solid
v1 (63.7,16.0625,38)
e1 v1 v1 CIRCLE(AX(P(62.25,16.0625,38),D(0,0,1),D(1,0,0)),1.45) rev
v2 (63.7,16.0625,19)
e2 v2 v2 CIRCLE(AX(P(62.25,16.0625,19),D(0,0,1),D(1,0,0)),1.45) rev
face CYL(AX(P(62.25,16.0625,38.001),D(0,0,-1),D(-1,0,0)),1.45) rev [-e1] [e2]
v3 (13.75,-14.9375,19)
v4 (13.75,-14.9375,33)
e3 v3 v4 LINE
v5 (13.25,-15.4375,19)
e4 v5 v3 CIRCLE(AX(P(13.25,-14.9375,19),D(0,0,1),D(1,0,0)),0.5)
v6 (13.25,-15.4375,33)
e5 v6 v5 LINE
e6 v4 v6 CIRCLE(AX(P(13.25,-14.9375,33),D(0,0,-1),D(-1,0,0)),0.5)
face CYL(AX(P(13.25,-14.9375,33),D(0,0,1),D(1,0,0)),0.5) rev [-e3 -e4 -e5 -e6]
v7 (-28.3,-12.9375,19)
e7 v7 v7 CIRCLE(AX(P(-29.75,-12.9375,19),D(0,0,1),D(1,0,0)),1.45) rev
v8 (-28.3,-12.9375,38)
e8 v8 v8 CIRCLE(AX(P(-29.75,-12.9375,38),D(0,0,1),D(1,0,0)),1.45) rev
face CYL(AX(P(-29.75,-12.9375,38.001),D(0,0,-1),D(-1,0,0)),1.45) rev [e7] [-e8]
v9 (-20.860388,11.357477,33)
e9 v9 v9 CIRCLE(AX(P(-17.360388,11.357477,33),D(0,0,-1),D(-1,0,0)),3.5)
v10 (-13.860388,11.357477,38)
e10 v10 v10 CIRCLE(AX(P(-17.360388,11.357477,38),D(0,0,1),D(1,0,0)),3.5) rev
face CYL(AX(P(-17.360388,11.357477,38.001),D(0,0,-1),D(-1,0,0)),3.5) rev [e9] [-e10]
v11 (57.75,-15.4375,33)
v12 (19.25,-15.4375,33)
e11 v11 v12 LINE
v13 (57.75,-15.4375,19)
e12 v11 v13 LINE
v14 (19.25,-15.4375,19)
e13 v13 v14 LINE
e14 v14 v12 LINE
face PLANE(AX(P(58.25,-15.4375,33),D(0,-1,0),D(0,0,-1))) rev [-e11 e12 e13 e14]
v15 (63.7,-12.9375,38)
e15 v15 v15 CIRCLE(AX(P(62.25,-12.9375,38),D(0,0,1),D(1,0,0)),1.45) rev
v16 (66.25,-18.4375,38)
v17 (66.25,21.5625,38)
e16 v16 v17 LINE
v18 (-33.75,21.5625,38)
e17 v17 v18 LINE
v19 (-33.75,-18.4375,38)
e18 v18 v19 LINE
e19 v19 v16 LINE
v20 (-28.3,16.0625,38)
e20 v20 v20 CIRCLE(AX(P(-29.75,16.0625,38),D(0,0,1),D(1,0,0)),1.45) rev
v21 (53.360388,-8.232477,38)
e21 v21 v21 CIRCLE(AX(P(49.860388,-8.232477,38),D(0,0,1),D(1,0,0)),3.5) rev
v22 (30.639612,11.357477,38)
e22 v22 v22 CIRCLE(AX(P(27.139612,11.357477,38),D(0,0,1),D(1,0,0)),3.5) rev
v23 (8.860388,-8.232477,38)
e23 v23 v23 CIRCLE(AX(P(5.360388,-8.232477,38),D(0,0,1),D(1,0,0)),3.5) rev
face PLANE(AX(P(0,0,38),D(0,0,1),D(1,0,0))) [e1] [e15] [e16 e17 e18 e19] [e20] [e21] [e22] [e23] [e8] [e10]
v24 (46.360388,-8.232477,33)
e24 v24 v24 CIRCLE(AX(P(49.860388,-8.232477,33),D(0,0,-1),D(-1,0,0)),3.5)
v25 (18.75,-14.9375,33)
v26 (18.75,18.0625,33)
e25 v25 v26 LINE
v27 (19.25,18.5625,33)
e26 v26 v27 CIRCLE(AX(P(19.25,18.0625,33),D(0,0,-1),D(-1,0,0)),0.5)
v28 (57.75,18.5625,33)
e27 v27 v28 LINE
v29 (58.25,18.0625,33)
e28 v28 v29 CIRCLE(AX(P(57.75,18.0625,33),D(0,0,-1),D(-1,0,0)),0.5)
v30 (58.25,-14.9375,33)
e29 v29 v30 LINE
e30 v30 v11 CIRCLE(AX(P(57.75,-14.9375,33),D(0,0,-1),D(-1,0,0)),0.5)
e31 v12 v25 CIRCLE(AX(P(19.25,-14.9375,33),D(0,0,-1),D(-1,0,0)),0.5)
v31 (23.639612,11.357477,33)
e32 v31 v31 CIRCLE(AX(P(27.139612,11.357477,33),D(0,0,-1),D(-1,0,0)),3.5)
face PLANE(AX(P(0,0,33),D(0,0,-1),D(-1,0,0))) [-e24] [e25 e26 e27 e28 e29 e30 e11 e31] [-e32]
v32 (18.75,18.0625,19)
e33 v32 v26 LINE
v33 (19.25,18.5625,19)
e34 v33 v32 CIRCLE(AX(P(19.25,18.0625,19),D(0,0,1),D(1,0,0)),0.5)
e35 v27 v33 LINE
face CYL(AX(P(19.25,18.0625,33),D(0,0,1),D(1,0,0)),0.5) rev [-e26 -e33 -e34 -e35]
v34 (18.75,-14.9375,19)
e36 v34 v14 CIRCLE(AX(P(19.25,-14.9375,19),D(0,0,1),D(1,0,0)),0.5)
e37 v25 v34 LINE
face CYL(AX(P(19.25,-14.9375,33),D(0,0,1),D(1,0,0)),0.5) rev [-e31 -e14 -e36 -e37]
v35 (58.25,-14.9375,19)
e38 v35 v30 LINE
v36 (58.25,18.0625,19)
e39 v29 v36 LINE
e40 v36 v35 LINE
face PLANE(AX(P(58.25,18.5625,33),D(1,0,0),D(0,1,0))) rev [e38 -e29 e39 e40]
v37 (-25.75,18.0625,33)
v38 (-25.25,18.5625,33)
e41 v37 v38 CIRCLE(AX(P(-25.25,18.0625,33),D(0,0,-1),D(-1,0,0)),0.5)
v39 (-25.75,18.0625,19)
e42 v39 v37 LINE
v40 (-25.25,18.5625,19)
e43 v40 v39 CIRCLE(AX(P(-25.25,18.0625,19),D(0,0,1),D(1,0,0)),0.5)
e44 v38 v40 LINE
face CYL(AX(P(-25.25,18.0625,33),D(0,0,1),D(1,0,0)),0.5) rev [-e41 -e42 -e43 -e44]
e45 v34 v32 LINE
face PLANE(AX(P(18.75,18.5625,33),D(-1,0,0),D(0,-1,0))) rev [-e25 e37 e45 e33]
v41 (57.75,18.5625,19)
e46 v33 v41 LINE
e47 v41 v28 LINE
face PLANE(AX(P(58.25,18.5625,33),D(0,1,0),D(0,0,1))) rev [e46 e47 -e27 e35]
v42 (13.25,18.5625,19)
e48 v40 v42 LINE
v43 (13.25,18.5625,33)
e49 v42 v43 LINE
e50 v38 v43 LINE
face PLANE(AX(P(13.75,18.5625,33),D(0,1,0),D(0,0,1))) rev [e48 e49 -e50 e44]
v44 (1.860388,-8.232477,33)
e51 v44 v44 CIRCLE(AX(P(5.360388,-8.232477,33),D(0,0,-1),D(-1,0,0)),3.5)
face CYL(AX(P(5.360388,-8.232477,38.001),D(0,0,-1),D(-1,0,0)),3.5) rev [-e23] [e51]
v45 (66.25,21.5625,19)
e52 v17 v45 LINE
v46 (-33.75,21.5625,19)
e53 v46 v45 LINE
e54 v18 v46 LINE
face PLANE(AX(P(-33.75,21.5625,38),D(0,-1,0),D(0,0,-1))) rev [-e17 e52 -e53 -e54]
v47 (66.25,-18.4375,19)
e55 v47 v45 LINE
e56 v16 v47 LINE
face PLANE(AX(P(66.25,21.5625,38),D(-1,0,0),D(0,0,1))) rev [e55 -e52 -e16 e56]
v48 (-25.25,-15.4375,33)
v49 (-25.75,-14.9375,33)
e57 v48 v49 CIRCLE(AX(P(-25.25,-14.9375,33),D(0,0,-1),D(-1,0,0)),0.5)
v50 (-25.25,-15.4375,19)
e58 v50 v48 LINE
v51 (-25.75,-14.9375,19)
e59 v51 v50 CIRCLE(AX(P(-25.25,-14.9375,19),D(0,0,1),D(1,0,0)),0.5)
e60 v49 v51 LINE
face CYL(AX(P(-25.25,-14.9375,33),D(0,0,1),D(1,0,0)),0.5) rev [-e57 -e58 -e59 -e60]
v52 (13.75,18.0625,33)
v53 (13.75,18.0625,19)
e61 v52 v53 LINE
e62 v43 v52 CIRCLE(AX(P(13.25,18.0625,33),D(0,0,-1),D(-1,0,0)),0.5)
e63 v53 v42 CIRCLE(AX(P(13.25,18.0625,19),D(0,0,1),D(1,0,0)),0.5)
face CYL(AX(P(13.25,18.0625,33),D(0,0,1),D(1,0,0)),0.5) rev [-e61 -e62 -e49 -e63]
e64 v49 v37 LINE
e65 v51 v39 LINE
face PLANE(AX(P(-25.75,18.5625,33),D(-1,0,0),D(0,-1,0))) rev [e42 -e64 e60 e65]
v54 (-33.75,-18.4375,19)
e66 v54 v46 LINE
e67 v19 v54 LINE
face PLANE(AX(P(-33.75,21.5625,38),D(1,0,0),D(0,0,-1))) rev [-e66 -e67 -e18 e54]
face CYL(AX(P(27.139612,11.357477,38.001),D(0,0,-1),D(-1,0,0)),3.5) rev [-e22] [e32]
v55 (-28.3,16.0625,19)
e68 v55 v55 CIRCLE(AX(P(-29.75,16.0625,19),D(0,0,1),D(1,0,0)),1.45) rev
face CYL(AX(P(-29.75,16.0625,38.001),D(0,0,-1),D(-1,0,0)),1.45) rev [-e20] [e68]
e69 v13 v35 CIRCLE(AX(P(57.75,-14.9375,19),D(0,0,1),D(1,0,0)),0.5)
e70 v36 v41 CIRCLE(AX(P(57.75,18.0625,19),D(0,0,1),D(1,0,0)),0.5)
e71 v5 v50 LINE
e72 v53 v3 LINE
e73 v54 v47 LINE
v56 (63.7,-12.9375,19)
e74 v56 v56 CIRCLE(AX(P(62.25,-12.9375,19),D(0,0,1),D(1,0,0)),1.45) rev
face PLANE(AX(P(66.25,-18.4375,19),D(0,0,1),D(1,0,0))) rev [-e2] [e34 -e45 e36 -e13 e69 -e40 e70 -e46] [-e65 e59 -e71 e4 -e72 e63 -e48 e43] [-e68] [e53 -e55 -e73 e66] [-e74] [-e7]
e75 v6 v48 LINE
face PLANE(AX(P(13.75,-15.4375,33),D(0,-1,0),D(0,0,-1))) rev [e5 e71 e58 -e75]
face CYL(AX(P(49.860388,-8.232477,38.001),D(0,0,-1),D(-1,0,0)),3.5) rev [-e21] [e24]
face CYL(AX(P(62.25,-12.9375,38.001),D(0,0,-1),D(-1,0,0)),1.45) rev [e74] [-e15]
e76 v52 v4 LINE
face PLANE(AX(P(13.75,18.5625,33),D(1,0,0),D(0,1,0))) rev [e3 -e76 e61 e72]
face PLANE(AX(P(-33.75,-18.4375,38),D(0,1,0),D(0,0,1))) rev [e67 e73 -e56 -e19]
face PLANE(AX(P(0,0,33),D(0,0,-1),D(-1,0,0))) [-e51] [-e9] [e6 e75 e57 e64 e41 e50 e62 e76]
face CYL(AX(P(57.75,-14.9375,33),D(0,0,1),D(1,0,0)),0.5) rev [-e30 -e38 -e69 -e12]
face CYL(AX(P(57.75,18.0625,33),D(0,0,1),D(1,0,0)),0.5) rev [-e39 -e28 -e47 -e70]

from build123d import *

# Parameters (mm, degrees)
SKETCH1_W           = 100
SKETCH1_H           = 40
BOSS_EXTRUDE1_DEPTH = 38
CUT_EXTRUDE2_START  = -12
SKETCH2_W           = 39.5
SKETCH2_H           = 34
CUT_EXTRUDE2_DEPTH  = 21
CUT_EXTRUDE3_DEPTH  = 9
CUT_EXTRUDE4_REACH  = 81.36
SKETCH4_R           = 1.45
SKETCH5_W           = 100
SKETCH5_H           = 19
CUT_EXTRUDE5_DEPTH  = 87.215210375
FILLET1_R           = 0.5
CUT_EXTRUDE11_REACH = 73.063
SKETCH10_R          = 3.5


with BuildPart() as part:
    # Sketch1 → Boss-Extrude1 (new body)
    with BuildSketch(Plane.XY):
        with Locations((16.25, 1.5625)):
            Rectangle(SKETCH1_W, SKETCH1_H)
    extrude(amount=BOSS_EXTRUDE1_DEPTH)

    # Sketch2 → Cut-Extrude2 (cut)
    with BuildSketch(Plane(origin=(0, 0, 0), x_dir=(-1, 0, 0), z_dir=(0, 0, -1)).offset(CUT_EXTRUDE2_START)):
        with Locations((-38.5, 1.5625)):
            Rectangle(SKETCH2_W, SKETCH2_H)
        with Locations((6, 1.5625)):
            Rectangle(SKETCH2_W, SKETCH2_H)
    extrude(amount=-CUT_EXTRUDE2_DEPTH, mode=Mode.SUBTRACT)

    # Sketch3 → Cut-Extrude3 (cut)
    with BuildSketch(Plane(origin=(-3.362318072, 0, 0), x_dir=(-1, 0, 0), z_dir=(0, 0, -1))):
        with BuildLine():
            ThreePointArc((-61.593370612, 1.614325749), (-20.676836723, -17.421621422), (21.715969185, -1.949710178))
            ThreePointArc((21.715969185, -1.949710178), (22.204299442, 9.465009595), (10.78957967, 9.953339852))
            ThreePointArc((10.78957967, 9.953339852), (-19.986233449, -1.278769909), (-49.690320582, 12.540715264))
            ThreePointArc((-49.690320582, 12.540715264), (-61.105040355, 13.029045522), (-61.593370612, 1.614325749))
        make_face()
    extrude(amount=-CUT_EXTRUDE3_DEPTH, mode=Mode.SUBTRACT)

    # Sketch4 → Cut-Extrude4 (cut, up to next)
    with BuildSketch(Plane(origin=(0, 0, 0), x_dir=(-1, 0, 0), z_dir=(0, 0, -1)), mode=Mode.PRIVATE) as cut_extrude4_sk1:
        with Locations((-62.25, 16.0625)):
            Circle(SKETCH4_R)
    cut_extrude4_tool1 = extrude(cut_extrude4_sk1.sketch, amount=-CUT_EXTRUDE4_REACH, mode=Mode.PRIVATE) & part.part
    # Sketch4 → Cut-Extrude4 (cut, up to next)
    with BuildSketch(Plane(origin=(0, 0, 0), x_dir=(-1, 0, 0), z_dir=(0, 0, -1)), mode=Mode.PRIVATE) as cut_extrude4_sk2:
        with Locations((-62.25, -12.9375)):
            Circle(SKETCH4_R)
    cut_extrude4_tool2 = extrude(cut_extrude4_sk2.sketch, amount=-CUT_EXTRUDE4_REACH, mode=Mode.PRIVATE) & part.part
    # Sketch4 → Cut-Extrude4 (cut, up to next)
    with BuildSketch(Plane(origin=(0, 0, 0), x_dir=(-1, 0, 0), z_dir=(0, 0, -1)), mode=Mode.PRIVATE) as cut_extrude4_sk3:
        with Locations((29.75, 16.0625)):
            Circle(SKETCH4_R)
    cut_extrude4_tool3 = extrude(cut_extrude4_sk3.sketch, amount=-CUT_EXTRUDE4_REACH, mode=Mode.PRIVATE) & part.part
    # Sketch4 → Cut-Extrude4 (cut, up to next)
    with BuildSketch(Plane(origin=(0, 0, 0), x_dir=(-1, 0, 0), z_dir=(0, 0, -1)), mode=Mode.PRIVATE) as cut_extrude4_sk4:
        with Locations((29.75, -12.9375)):
            Circle(SKETCH4_R)
    cut_extrude4_tool4 = extrude(cut_extrude4_sk4.sketch, amount=-CUT_EXTRUDE4_REACH, mode=Mode.PRIVATE) & part.part
    add(cut_extrude4_tool1.solids().sort_by_distance((62.25, 16.0625, 0))[0], mode=Mode.SUBTRACT)
    add(cut_extrude4_tool2.solids().sort_by_distance((62.25, -12.9375, 0))[0], mode=Mode.SUBTRACT)
    add(cut_extrude4_tool3.solids().sort_by_distance((-29.75, 16.0625, 0))[0], mode=Mode.SUBTRACT)
    add(cut_extrude4_tool4.solids().sort_by_distance((-29.75, -12.9375, 0))[0], mode=Mode.SUBTRACT)

    # Sketch5 → Cut-Extrude5 (cut, through all)
    with BuildSketch(Plane(origin=(0, 21.5625, 0), x_dir=(1, 0, 0), z_dir=(0, 1, 0))):
        with Locations((16.25, -9.5)):
            Rectangle(SKETCH5_W, SKETCH5_H)
    extrude(amount=-CUT_EXTRUDE5_DEPTH, mode=Mode.SUBTRACT)

    # Fillet1
    fillet1_edges = [part.edges().sort_by_distance(p)[0] for p in [
        (58.25, 18.5625, 26),
        (18.75, 18.5625, 26),
        (18.75, -15.4375, 26),
        (58.25, -15.4375, 26),
        (13.75, 18.5625, 26),
        (-25.75, 18.5625, 26),
        (-25.75, -15.4375, 26),
        (13.75, -15.4375, 26),
    ]]
    fillet(fillet1_edges, radius=FILLET1_R)

    # Sketch10 → Cut-Extrude11 (cut, up to next)
    with BuildSketch(Plane(origin=(0, 0, 33), x_dir=(-1, 0, 0), z_dir=(0, 0, -1)), mode=Mode.PRIVATE) as cut_extrude11_sk1:
        with Locations((-49.860388068, -8.232477434)):
            Circle(SKETCH10_R)
    cut_extrude11_tool1 = extrude(cut_extrude11_sk1.sketch, amount=-CUT_EXTRUDE11_REACH, mode=Mode.PRIVATE) & part.part
    # Sketch10 → Cut-Extrude11 (cut, up to next)
    with BuildSketch(Plane(origin=(0, 0, 33), x_dir=(-1, 0, 0), z_dir=(0, 0, -1)), mode=Mode.PRIVATE) as cut_extrude11_sk2:
        with Locations((-27.139611932, 11.357477434)):
            Circle(SKETCH10_R)
    cut_extrude11_tool2 = extrude(cut_extrude11_sk2.sketch, amount=-CUT_EXTRUDE11_REACH, mode=Mode.PRIVATE) & part.part
    # Sketch10 → Cut-Extrude11 (cut, up to next)
    with BuildSketch(Plane(origin=(0, 0, 33), x_dir=(-1, 0, 0), z_dir=(0, 0, -1)), mode=Mode.PRIVATE) as cut_extrude11_sk3:
        with Locations((-5.360388068, -8.232477434)):
            Circle(SKETCH10_R)
    cut_extrude11_tool3 = extrude(cut_extrude11_sk3.sketch, amount=-CUT_EXTRUDE11_REACH, mode=Mode.PRIVATE) & part.part
    # Sketch10 → Cut-Extrude11 (cut, up to next)
    with BuildSketch(Plane(origin=(0, 0, 33), x_dir=(-1, 0, 0), z_dir=(0, 0, -1)), mode=Mode.PRIVATE) as cut_extrude11_sk4:
        with Locations((17.360388068, 11.357477434)):
            Circle(SKETCH10_R)
    cut_extrude11_tool4 = extrude(cut_extrude11_sk4.sketch, amount=-CUT_EXTRUDE11_REACH, mode=Mode.PRIVATE) & part.part
    add(cut_extrude11_tool1.solids().sort_by_distance((49.860388, -8.232477, 33))[0], mode=Mode.SUBTRACT)
    add(cut_extrude11_tool2.solids().sort_by_distance((27.139612, 11.357477, 33))[0], mode=Mode.SUBTRACT)
    add(cut_extrude11_tool3.solids().sort_by_distance((5.360388, -8.232477, 33))[0], mode=Mode.SUBTRACT)
    add(cut_extrude11_tool4.solids().sort_by_distance((-17.360388, 11.357477, 33))[0], mode=Mode.SUBTRACT)


solid = part.part
